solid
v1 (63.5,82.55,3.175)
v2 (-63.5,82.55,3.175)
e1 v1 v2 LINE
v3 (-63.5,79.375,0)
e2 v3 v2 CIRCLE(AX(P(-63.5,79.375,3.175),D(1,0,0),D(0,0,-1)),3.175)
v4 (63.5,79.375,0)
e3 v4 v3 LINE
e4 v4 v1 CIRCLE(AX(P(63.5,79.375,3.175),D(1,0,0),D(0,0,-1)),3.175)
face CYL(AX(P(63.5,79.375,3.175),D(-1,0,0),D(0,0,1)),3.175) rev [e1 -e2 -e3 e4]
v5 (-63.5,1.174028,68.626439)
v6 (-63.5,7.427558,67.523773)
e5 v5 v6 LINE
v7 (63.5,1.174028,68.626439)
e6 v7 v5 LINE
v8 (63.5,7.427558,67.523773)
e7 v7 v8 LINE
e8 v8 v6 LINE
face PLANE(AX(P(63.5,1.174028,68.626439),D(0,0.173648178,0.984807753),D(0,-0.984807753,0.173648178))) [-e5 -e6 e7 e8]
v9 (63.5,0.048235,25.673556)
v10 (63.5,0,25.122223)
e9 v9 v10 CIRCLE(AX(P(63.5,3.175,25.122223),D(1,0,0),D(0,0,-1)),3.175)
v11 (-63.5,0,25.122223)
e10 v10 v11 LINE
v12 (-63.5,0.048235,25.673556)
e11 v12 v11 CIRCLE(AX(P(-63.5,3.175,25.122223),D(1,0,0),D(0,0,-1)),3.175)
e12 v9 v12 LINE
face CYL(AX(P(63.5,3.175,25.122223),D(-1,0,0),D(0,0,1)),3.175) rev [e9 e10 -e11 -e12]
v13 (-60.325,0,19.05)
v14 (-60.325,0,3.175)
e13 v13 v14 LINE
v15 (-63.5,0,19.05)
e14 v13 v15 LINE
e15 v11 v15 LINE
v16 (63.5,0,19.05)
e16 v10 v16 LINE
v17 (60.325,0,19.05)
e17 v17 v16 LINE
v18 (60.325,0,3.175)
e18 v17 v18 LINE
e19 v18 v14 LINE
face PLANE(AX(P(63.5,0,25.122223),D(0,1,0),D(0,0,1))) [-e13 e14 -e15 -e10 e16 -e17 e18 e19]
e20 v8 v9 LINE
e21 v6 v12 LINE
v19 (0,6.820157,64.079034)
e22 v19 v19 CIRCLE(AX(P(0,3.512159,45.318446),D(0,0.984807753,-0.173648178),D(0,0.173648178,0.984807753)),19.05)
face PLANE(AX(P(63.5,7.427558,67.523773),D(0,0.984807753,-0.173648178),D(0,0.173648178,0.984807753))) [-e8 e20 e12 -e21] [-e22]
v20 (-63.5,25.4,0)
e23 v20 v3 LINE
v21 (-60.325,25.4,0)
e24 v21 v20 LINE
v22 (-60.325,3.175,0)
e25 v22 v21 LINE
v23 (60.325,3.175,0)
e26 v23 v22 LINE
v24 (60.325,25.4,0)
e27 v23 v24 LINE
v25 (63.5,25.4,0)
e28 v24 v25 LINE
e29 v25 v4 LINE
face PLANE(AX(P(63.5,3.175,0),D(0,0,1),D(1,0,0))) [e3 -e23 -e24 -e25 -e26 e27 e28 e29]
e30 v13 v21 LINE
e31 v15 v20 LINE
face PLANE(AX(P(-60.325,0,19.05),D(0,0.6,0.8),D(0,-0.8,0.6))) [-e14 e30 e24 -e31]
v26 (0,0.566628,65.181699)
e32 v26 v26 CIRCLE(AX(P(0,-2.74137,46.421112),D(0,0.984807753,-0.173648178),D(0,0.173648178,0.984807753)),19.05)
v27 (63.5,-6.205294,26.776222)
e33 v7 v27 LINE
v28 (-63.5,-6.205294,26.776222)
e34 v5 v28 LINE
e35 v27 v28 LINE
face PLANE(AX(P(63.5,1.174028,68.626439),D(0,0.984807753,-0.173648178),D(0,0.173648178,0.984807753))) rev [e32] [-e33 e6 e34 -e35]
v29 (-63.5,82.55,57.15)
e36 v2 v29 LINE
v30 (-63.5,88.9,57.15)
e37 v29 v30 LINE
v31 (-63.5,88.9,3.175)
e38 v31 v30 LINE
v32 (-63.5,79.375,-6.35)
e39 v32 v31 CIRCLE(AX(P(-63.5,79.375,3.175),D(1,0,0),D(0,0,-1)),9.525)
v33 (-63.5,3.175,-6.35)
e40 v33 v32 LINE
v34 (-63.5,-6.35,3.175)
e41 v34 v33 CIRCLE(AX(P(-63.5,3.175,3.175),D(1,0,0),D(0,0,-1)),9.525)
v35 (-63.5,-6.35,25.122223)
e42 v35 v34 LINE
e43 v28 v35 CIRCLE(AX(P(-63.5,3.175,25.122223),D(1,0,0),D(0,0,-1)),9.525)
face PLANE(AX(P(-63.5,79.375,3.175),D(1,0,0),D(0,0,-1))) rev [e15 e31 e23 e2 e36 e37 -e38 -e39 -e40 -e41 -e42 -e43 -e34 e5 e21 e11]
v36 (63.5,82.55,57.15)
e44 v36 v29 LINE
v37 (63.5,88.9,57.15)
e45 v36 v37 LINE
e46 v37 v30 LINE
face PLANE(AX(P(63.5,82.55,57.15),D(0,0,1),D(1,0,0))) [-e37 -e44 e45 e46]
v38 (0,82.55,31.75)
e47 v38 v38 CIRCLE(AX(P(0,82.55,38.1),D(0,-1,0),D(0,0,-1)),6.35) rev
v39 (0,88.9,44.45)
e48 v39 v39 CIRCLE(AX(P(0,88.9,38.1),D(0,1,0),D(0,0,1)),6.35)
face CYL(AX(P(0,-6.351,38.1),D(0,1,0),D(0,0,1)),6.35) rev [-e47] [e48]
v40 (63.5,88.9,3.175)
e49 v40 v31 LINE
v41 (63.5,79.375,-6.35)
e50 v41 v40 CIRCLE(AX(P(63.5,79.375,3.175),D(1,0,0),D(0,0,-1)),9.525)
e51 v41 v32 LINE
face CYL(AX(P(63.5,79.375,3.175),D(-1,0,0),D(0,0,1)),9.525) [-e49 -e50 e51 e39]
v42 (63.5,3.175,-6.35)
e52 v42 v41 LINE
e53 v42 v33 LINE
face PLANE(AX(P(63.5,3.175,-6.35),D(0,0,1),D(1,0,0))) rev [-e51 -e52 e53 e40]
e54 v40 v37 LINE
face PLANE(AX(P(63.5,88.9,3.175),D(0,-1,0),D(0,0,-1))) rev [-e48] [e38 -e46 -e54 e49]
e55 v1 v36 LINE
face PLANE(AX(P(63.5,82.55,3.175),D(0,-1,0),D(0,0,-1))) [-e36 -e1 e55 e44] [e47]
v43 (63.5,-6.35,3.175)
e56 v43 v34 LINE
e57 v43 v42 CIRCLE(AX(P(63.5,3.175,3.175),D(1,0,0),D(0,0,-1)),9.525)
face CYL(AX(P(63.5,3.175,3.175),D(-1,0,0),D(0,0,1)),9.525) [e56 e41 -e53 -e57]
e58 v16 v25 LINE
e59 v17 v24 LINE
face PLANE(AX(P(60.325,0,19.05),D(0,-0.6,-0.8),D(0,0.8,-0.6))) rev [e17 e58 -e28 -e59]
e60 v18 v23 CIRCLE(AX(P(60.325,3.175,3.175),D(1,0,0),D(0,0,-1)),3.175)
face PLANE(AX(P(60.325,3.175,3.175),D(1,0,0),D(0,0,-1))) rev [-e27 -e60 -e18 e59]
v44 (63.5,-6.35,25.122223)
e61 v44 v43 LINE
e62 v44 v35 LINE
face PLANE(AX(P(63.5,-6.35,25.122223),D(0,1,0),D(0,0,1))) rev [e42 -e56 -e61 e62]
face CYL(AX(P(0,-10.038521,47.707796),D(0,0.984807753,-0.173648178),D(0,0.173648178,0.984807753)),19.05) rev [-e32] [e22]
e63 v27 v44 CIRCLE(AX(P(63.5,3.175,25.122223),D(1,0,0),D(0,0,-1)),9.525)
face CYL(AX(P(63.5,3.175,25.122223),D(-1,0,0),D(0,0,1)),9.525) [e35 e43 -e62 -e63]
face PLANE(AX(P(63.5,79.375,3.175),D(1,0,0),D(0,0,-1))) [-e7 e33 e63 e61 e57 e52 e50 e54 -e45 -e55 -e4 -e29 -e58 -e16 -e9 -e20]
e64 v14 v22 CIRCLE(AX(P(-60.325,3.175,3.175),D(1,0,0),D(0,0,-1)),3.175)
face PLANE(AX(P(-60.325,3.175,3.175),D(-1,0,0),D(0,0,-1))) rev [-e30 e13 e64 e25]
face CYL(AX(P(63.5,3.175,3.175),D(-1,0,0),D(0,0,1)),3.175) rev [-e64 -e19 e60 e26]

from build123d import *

# Parameters (mm, degrees)
BASE_EXTRUDE_THIN_DEPTH = 63.5
CUT_EXTRUDE1_REACH      = 135.471
SKETCH2_R               = 6.35
BOSS_EXTRUDE1_DEPTH     = 3.175
D_GAGEMENT_00001_D      = 25.4
D_GAGEMENT_00001_DEPTH  = 6.35
D_GAGEMENT_00001_TIP    = 7.630929862
ESQUISSE3_R             = 19.05
ENL_V_MAT_EXTRU_1_DEPTH = 132.649844576


with BuildPart() as part:
    # Sketch1 → Base-Extrude-Thin (new, symmetric)
    with BuildSketch(Plane(origin=(0, 0, 0), x_dir=(0, 0, -1), z_dir=(1, 0, 0))):
        with BuildLine():
            Line((-67.523772904, 7.427557692), (-25.673556457, 0.048235384))
            ThreePointArc((-25.673556457, 0.048235384), (-25.398942977, 0.012081834), (-25.122223493, 0))
            Line((-25.122223493, 0), (-3.175, 0))
            ThreePointArc((-3.175, 0), (-0.92993597, 0.92993597), (0, 3.175))
            Line((0, 3.175), (0, 79.375))
            ThreePointArc((0, 79.375), (-0.92993597, 81.62006403), (-3.175, 82.55))
            Line((-3.175, 82.55), (-57.15, 82.55))
            Line((-57.15, 82.55), (-57.15, 88.9))
            Line((-57.15, 88.9), (-3.175, 88.9))
            ThreePointArc((-3.175, 88.9), (3.560192091, 86.110192091), (6.35, 79.375))
            Line((6.35, 79.375), (6.35, 3.175))
            ThreePointArc((6.35, 3.175), (3.560192091, -3.560192091), (-3.175, -6.35))
            Line((-3.175, -6.35), (-25.122223493, -6.35))
            ThreePointArc((-25.122223493, -6.35), (-25.952381943, -6.313754499), (-26.776222386, -6.205293847))
            Line((-26.776222386, -6.205293847), (-68.626438832, 1.174028461))
            Line((-68.626438832, 1.174028461), (-67.523772904, 7.427557692))
        make_face()
    extrude(amount=BASE_EXTRUDE_THIN_DEPTH, both=True)

    # Sketch2 → Cut-Extrude1 (cut, up to next)
    with BuildSketch(Plane(origin=(0, 88.9, 0), x_dir=(-1, 0, 0), z_dir=(0, 1, 0)), mode=Mode.PRIVATE) as cut_extrude1_sk1:
        with Locations(Location((0, 38.1, 0), (0, 0, 90))):
            Circle(SKETCH2_R)
    cut_extrude1_tool1 = extrude(cut_extrude1_sk1.sketch, amount=-CUT_EXTRUDE1_REACH, mode=Mode.PRIVATE) & part.part
    add(cut_extrude1_tool1.solids().sort_by_distance((0, 88.9, 38.1))[0], mode=Mode.SUBTRACT)

    # Sketch3 → Boss-Extrude1 (add)
    with BuildSketch(Plane(origin=(63.5, 0, 0), x_dir=(0, 0, -1), z_dir=(1, 0, 0))):
        with BuildLine():
            Line((-19.05, 0), (-3.175, 0))
            ThreePointArc((-3.175, 0), (-0.92993597, 0.92993597), (0, 3.175))
            Line((0, 3.175), (0, 25.4))
            Line((0, 25.4), (-19.05, 0))
        make_face()
    boss_extrude1 = extrude(amount=-BOSS_EXTRUDE1_DEPTH)

    # Mirror1: Boss-Extrude1 across plane
    add(boss_extrude1.mirror(Plane(origin=(0, 0, 0), x_dir=(0, 0, 1), z_dir=(1, 0, 0))))

    # Dégagement #00001
    with Locations(Plane(origin=(0, -4.34365582, 0.765903716), x_dir=(-1, 0, 0), z_dir=(0, 0.9848077530122081, -0.17364817766693075))):
        with Locations((-4.206462063, 49.405030417)):
            Hole(D_GAGEMENT_00001_D / 2, depth=D_GAGEMENT_00001_DEPTH)
            with Locations((0, 0, -(D_GAGEMENT_00001_DEPTH + D_GAGEMENT_00001_TIP / 2))):  # 118° drill point
                Cone(0, D_GAGEMENT_00001_D / 2, D_GAGEMENT_00001_TIP, mode=Mode.SUBTRACT)

    # Esquisse3 → Enlèv. mat.-Extru.1 (cut, through all)
    with BuildSketch(Plane(origin=(0, -4.34365582, 0.765903716), x_dir=(1, 0, 0), z_dir=(0, 0.9848077530122081, -0.1736481776669307))):
        with Locations(Location((0, -45.239836887, 0), (0, 0, 270))):
            Circle(ESQUISSE3_R)
    extrude(amount=-ENL_V_MAT_EXTRU_1_DEPTH, mode=Mode.SUBTRACT)


solid = part.part
